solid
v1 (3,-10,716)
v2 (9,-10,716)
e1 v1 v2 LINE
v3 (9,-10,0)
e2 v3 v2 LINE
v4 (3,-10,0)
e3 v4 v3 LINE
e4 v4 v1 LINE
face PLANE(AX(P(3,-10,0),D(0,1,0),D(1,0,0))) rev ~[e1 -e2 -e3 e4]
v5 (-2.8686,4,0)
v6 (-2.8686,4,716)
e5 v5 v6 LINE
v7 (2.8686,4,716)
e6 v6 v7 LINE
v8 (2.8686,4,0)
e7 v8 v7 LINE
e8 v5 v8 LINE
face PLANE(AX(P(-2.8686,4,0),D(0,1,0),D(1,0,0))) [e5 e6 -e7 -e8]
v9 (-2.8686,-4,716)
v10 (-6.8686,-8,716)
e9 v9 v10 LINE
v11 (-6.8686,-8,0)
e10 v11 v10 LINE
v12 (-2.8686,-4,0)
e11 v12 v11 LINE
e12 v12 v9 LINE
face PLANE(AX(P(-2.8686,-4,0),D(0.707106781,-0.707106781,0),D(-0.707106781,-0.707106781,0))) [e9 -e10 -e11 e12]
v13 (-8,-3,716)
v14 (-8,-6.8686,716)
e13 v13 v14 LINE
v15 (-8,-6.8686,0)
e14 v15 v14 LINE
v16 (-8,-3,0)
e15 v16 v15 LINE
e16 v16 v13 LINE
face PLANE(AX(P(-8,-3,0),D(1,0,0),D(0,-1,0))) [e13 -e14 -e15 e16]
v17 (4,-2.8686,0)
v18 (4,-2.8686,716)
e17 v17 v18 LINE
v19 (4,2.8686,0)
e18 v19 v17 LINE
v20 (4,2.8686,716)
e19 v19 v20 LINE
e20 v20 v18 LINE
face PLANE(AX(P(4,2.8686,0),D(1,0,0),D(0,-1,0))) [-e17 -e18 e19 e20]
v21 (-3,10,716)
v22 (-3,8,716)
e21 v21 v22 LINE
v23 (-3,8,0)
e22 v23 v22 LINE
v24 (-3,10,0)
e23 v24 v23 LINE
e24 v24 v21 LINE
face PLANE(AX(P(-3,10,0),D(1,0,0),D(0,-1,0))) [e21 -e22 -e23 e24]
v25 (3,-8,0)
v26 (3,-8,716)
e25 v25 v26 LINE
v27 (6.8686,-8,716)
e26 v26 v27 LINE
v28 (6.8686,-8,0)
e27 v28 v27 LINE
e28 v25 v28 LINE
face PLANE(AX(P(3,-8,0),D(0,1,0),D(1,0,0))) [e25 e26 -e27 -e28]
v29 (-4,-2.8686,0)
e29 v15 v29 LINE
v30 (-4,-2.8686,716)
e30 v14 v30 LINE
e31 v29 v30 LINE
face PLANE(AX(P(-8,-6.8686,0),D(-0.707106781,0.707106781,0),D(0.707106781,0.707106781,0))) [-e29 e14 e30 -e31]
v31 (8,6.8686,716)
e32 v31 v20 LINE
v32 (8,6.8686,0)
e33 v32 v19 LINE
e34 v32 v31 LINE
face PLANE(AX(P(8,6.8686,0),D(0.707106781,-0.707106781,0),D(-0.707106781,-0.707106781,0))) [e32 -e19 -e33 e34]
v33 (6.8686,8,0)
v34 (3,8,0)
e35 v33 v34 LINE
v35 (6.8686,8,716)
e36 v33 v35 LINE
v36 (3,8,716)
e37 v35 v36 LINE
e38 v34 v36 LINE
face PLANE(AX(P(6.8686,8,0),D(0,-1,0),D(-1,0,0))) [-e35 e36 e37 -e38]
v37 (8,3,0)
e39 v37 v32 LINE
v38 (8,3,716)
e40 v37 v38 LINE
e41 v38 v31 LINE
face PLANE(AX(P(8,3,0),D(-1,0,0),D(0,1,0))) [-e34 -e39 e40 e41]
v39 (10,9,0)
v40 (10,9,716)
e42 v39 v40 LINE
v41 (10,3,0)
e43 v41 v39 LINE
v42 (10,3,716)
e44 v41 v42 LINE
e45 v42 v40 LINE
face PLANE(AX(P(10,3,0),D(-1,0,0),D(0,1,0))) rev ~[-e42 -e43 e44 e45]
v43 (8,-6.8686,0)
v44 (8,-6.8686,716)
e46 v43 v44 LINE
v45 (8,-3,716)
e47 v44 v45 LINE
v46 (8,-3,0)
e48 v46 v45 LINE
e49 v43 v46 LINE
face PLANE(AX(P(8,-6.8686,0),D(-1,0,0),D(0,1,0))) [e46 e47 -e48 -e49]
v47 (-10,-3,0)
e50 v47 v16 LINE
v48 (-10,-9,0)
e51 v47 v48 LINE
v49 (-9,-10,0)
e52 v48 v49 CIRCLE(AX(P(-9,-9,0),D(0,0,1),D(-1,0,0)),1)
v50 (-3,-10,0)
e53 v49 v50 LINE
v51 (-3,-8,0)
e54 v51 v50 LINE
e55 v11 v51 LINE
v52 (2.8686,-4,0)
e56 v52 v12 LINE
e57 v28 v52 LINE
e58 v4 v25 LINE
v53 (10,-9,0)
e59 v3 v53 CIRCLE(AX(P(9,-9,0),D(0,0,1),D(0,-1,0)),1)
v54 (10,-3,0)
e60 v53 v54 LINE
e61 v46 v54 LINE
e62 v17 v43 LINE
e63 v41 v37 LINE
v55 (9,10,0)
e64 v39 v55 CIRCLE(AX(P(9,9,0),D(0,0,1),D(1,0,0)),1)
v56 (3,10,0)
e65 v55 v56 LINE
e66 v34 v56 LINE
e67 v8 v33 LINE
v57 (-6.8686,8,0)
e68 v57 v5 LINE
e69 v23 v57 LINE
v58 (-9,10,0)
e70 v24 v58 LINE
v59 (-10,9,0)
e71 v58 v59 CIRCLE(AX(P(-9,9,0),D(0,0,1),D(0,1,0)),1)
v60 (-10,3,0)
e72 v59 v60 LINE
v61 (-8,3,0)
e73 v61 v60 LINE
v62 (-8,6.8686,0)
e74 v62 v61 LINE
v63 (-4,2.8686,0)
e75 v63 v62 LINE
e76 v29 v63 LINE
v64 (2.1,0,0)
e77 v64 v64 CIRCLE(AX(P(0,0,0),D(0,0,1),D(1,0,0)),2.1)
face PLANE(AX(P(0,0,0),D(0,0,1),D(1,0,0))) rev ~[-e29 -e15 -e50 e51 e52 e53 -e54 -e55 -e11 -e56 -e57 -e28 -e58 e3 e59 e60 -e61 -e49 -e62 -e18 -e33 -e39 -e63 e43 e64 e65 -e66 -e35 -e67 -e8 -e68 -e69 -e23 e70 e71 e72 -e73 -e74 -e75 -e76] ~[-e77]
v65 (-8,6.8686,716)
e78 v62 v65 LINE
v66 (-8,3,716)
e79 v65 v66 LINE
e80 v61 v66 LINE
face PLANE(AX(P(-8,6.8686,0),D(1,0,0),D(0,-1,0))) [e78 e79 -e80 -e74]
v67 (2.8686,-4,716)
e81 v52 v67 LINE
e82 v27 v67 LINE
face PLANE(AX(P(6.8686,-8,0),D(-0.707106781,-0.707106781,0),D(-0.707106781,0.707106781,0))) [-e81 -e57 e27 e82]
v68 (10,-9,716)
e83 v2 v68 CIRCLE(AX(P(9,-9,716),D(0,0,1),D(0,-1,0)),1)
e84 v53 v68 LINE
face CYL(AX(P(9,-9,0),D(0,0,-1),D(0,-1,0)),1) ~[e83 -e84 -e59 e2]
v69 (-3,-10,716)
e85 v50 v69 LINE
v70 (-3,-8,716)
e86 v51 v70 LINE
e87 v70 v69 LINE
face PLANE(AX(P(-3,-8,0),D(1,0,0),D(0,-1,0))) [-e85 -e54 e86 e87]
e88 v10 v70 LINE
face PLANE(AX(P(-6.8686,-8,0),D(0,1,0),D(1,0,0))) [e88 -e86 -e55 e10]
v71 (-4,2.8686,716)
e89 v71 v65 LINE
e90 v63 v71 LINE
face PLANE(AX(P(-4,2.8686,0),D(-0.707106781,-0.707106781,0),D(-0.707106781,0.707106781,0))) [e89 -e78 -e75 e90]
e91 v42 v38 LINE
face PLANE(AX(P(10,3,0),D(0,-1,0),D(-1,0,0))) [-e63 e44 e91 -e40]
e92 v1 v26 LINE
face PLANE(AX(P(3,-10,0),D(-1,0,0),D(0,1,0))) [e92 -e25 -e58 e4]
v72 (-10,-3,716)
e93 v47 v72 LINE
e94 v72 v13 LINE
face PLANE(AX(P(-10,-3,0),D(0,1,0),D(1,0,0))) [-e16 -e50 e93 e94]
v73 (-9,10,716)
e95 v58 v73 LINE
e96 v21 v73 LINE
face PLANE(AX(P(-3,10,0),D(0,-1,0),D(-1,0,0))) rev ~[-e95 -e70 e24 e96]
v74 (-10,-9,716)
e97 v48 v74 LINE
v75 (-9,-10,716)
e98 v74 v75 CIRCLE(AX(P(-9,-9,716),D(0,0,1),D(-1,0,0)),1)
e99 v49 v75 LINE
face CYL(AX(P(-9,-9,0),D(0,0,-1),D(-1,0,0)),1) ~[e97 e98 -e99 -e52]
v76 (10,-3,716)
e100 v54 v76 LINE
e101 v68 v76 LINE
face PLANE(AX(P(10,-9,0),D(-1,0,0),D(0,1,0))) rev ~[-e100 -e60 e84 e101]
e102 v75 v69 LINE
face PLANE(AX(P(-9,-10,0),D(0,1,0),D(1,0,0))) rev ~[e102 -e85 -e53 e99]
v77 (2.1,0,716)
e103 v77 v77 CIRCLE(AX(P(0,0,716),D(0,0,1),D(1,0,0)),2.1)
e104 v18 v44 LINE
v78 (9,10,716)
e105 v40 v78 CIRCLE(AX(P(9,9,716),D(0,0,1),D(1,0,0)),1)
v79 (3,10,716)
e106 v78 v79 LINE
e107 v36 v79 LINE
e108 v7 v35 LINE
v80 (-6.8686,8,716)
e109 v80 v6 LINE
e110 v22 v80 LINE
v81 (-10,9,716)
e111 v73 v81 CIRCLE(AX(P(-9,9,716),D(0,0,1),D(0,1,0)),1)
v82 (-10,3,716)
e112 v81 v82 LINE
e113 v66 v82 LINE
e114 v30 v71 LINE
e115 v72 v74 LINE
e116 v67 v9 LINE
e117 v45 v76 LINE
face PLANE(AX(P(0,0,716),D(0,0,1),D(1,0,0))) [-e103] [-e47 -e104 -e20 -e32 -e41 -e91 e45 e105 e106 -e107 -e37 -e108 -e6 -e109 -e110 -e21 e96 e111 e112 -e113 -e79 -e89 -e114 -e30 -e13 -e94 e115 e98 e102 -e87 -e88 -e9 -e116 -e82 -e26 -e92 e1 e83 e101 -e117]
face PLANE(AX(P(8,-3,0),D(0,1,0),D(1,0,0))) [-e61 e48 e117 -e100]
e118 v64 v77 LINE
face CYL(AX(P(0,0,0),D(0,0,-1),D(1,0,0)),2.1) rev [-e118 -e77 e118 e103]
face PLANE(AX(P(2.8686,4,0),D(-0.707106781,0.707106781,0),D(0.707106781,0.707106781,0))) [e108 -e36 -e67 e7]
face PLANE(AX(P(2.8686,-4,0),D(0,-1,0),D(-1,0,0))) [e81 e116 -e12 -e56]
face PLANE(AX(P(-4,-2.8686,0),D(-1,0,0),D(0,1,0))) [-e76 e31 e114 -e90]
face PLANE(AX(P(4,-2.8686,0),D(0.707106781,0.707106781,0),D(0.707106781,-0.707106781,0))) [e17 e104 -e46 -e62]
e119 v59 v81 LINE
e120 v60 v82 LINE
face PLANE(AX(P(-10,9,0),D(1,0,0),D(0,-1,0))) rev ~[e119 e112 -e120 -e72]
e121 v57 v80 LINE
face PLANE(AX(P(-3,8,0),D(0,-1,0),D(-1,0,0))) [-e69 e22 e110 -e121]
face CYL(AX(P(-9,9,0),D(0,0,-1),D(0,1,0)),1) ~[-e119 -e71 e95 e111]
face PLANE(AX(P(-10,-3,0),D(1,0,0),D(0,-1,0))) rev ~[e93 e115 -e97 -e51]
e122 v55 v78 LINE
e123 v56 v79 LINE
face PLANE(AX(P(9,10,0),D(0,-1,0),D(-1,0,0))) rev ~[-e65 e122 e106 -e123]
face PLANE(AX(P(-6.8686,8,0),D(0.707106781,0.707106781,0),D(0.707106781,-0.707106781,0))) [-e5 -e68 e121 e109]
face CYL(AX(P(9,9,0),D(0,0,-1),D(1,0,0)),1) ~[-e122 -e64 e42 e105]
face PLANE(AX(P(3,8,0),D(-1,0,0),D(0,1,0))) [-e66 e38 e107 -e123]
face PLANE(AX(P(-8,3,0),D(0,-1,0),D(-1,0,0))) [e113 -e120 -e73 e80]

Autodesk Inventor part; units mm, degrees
ref_plane "YZ Plane" through (0, 0, 0) normal (1, 0, 0) x (0, 1, 0)
ref_plane "XZ Plane" through (0, 0, 0) normal (0, 1, 0) x (-1, 0, 0)
ref_plane "XY Plane" through (0, 0, 0) normal (0, 0, 1) x (1, 0, 0)
sketch "スケッチ1" plane through (0, 0, 0) normal (0, 0, 1) x (1, 0, 0)
  line L0 (-10, -10) -> (10, 10) construction
  line L1 (10, -10) -> (-10, 10) construction
  line L2 (10, 3) -> (8, 3)
  line L3 (8, 3) -> (8, 6.8686)
  line L4 (8, 6.8686) -> (4, 2.8686)
  line L5 (4, 2.8686) -> (4, -2.8686)
  line L6 (4, -2.8686) -> (8, -6.8686)
  line L7 (8, -6.8686) -> (8, -3)
  line L8 (8, -3) -> (10, -3)
  line L9 (-10, 0) -> (10, 0) construction
  line L10 (-3, 10) -> (-3, 8)
  line L11 (-3, 8) -> (-6.8686, 8)
  line L12 (-6.8686, 8) -> (-2.8686, 4)
  line L13 (-2.8686, 4) -> (2.8686, 4)
  line L14 (3, 8) -> (3, 10)
  line L15 (2.8686, 4) -> (6.8686, 8)
  line L16 (6.8686, 8) -> (3, 8)
  line L17 (-10, -3) -> (-8, -3)
  line L18 (-8, -3) -> (-8, -6.8686)
  line L19 (-8, -6.8686) -> (-4, -2.8686)
  line L20 (-4, -2.8686) -> (-4, 2.8686)
  line L21 (-8, 3) -> (-10, 3)
  line L22 (-4, 2.8686) -> (-8, 6.8686)
  line L23 (-8, 6.8686) -> (-8, 3)
  line L24 (3, -10) -> (3, -8)
  line L25 (3, -8) -> (6.8686, -8)
  line L26 (6.8686, -8) -> (2.8686, -4)
  line L27 (2.8686, -4) -> (-2.8686, -4)
  line L28 (-3, -8) -> (-3, -10)
  line L29 (-2.8686, -4) -> (-6.8686, -8)
  line L30 (-6.8686, -8) -> (-3, -8)
  line L31 (9, 10) -> (3, 10)
  line L32 (-3, 10) -> (-9, 10)
  line L33 (-10, 9) -> (-10, 3)
  line L34 (-10, -3) -> (-10, -9)
  line L35 (-9, -10) -> (-3, -10)
  line L36 (3, -10) -> (9, -10)
  line L37 (10, -9) -> (10, -3)
  line L38 (10, 3) -> (10, 9)
  circle A0 centre (0, 0) radius 2.1
  arc A1 (-9, 10) -> (-10, 9) centre (-9, 9) ccw
  arc A2 (-10, -9) -> (-9, -10) centre (-9, -9) ccw
  arc A3 (9, -10) -> (10, -9) centre (9, -9) ccw
  arc A4 (10, 9) -> (9, 10) centre (9, 9) ccw
  point P0 (0, 10)
  point P1 (-10, 0)
  point P2 (0, -10)
  dimension "d0" = 2
  dimension "d1" = 6
  dimension "d2" = 4
  dimension "d3" = 0.8
  dimension "d9" = 20
  dimension "d10" = 4.2
  dimension "d11" = 1
extrude "押し出し1" add sketch "スケッチ1" along normal blind 716
properties part number "高剛性フレーム"
